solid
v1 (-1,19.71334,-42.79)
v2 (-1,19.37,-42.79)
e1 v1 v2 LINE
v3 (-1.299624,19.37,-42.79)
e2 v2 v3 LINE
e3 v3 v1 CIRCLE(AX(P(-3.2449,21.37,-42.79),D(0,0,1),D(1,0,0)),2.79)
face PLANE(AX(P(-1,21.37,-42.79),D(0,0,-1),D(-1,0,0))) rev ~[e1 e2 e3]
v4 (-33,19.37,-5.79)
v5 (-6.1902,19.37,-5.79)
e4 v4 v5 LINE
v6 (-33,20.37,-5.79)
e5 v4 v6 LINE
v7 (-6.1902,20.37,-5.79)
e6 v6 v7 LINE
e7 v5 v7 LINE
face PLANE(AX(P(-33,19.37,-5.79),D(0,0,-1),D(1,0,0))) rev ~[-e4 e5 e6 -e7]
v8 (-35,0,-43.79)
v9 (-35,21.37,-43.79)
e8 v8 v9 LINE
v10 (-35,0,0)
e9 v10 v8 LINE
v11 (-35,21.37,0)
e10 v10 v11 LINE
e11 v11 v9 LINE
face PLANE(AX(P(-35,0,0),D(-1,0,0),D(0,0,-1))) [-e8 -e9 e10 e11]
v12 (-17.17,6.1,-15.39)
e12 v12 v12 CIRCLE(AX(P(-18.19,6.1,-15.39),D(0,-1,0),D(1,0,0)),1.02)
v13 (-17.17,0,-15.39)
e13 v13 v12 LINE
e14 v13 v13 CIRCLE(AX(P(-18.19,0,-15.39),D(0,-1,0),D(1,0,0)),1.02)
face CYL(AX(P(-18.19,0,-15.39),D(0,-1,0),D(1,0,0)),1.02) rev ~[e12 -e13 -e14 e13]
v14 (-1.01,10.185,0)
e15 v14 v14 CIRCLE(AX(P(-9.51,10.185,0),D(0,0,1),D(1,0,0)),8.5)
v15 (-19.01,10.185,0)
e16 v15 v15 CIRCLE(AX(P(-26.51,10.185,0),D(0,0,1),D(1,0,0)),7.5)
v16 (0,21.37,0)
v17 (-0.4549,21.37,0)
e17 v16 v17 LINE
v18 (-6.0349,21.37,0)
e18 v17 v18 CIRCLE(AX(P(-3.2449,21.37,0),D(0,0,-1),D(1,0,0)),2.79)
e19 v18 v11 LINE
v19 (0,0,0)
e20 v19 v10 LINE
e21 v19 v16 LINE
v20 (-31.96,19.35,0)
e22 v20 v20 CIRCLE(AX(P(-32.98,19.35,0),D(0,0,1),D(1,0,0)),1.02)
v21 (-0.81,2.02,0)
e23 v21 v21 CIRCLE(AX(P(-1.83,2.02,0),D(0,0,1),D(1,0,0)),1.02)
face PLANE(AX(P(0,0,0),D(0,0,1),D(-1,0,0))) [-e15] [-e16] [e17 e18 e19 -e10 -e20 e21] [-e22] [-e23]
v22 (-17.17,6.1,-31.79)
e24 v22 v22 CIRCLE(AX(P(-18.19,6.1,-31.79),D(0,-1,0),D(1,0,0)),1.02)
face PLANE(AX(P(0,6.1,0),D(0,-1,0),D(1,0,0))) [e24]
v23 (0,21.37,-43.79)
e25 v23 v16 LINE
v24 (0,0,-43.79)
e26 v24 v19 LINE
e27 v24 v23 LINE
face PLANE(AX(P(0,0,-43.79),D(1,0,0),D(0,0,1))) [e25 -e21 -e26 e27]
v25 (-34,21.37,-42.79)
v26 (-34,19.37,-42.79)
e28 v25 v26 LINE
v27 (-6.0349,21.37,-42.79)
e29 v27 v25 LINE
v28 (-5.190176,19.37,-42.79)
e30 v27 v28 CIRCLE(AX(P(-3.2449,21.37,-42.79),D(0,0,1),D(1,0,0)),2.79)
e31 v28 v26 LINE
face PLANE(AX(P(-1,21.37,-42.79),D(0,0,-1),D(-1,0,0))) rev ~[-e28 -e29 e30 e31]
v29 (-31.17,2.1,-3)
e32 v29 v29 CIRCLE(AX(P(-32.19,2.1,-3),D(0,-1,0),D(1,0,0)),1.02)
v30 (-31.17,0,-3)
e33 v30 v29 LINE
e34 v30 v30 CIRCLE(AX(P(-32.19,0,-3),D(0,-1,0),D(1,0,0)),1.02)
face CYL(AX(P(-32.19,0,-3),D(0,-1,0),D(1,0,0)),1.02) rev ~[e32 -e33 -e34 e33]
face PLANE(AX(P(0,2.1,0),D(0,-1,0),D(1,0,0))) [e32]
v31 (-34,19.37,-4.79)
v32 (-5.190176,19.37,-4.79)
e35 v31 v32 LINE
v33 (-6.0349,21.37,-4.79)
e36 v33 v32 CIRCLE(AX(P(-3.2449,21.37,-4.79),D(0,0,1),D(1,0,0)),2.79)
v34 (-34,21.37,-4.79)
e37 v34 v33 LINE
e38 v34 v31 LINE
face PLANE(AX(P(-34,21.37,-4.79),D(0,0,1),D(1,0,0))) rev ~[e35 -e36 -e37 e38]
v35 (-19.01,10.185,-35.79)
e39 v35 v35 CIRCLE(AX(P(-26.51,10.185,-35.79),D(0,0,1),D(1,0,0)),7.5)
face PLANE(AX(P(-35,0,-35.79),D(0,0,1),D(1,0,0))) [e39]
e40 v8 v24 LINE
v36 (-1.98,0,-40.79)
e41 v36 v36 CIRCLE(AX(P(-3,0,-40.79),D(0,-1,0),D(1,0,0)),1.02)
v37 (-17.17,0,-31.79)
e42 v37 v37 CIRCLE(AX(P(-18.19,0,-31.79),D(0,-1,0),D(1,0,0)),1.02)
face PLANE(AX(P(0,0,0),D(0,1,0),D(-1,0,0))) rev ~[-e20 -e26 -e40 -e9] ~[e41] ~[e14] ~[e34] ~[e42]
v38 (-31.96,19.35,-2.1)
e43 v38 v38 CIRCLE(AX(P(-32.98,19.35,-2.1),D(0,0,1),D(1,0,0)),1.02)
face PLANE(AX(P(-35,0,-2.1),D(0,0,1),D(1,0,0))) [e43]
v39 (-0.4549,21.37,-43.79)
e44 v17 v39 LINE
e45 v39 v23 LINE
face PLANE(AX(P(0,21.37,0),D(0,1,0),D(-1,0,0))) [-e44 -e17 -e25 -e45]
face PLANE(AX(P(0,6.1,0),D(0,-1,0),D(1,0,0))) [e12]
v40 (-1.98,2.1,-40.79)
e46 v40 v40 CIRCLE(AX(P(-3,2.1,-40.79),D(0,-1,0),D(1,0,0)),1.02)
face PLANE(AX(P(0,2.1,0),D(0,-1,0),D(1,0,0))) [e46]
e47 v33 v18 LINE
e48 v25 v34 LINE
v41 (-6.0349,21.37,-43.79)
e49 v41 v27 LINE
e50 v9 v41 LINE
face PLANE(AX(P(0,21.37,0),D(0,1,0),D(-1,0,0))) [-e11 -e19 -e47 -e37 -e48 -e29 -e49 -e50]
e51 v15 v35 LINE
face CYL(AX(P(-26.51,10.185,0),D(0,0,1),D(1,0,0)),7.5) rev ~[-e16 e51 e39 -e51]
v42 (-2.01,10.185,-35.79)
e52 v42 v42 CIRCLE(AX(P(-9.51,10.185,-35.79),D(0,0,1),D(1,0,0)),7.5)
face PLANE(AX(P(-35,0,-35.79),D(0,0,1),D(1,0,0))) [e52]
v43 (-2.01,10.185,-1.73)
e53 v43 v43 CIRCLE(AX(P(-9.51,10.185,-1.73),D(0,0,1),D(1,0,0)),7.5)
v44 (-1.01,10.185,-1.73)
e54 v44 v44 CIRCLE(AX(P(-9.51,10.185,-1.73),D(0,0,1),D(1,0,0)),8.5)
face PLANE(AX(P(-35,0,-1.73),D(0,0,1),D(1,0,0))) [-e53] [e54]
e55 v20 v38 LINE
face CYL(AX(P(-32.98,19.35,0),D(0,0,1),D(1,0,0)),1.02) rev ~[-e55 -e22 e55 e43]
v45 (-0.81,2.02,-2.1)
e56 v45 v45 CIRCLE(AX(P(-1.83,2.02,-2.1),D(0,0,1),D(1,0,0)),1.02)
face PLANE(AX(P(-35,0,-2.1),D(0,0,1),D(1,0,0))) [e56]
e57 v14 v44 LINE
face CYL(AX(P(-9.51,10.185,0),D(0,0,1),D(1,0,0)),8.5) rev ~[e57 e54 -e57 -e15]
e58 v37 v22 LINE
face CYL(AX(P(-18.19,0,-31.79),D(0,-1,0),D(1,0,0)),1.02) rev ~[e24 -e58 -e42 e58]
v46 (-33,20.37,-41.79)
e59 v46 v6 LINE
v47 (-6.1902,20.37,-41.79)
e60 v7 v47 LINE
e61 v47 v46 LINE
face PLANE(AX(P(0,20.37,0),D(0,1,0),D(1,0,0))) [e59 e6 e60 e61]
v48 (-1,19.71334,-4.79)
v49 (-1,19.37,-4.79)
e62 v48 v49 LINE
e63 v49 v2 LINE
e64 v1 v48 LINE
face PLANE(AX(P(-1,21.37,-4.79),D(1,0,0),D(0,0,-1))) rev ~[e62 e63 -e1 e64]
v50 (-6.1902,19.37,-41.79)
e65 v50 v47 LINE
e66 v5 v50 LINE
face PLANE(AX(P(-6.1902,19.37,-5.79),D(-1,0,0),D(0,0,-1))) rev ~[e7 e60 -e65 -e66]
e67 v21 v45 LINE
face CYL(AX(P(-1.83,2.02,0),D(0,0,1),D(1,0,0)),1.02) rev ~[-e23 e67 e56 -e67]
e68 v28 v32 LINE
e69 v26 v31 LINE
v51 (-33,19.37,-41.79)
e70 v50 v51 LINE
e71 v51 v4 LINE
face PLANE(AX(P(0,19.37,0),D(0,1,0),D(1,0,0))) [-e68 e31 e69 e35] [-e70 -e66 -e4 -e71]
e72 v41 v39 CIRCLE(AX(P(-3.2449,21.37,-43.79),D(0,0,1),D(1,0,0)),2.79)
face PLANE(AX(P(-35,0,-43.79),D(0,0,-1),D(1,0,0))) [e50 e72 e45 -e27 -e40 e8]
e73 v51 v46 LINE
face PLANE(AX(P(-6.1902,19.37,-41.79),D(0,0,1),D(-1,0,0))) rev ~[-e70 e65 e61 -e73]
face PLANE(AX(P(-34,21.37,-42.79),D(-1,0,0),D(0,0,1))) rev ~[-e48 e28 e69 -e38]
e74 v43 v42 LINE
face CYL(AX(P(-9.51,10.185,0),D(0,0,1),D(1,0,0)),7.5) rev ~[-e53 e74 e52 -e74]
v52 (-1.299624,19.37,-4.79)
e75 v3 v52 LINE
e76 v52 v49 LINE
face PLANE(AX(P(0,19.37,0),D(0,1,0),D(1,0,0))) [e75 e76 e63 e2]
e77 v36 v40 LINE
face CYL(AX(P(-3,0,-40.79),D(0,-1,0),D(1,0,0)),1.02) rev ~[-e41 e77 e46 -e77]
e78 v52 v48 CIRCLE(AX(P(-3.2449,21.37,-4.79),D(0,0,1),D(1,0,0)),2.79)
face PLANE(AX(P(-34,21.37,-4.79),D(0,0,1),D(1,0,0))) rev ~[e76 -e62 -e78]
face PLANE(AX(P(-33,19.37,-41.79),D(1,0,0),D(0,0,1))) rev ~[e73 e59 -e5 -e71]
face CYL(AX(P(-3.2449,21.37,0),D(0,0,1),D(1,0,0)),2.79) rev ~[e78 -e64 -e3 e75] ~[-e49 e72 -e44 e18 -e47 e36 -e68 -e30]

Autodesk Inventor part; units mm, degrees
ref_plane "YZ Plane" through (0, 0, 0) normal (1, 0, 0) x (0, 1, 0)
ref_plane "XZ Plane" through (0, 0, 0) normal (0, 1, 0) x (-1, 0, 0)
ref_plane "XY Plane" through (0, 0, 0) normal (0, 0, 1) x (1, 0, 0)
sketch "Sketch1" plane through (0, 0, 0) normal (0, 1, 0) x (-1, 0, 0)
  line L0 (0, 0) -> (35, 0)
  line L1 (35, 0) -> (35, -43.79)
  line L2 (35, -43.79) -> (0, -43.79)
  line L3 (0, -43.79) -> (0, 0)
  dimension "d0" = 35
  dimension "d1" = 43.79
extrude "Extrusion1" add sketch "Sketch1" along normal blind 21.37
sketch "Sketch2" plane through (-35, 0, 0) normal (0, 0, 1) x (1, 0, 0)
  circle A0 centre (8.49, 10.185) radius 7.5
  circle A1 centre (25.49, 10.185) radius 7.5
  point P0 (35, 0)
  dimension "d4" = 15
  dimension "d5" = 15
extrude "Extrusion2" cut sketch "Sketch2" against normal blind 35.79
sketch "Sketch3" plane through (-35, 0, 0) normal (0, 0, 1) x (1, 0, 0)
  circle A0 centre (25.49, 10.185) radius 7.5 projected
  circle A1 centre (25.49, 10.185) radius 8.5
  point P0 (35, 0)
  dimension "d9" = 17
extrude "Extrusion3" cut sketch "Sketch3" against normal blind 1.73
sketch "Sketch4" plane through (-35, 0, 0) normal (0, 0, 1) x (1, 0, 0)
  circle A0 centre (2.02, 19.35) radius 1.02
  circle A1 centre (33.17, 2.02) radius 1.02
  point P0 (35, 0)
  dimension "d12" = 2.04
  dimension "d13" = 2.04
extrude "Extrusion4" cut sketch "Sketch4" against normal blind 2.1
sketch "Sketch5" plane through (0, 0, 0) normal (0, -1, 0) x (1, 0, 0)
  circle A0 centre (-32.19, -3) radius 1.02
  circle A1 centre (-3, -40.79) radius 1.02
  point P0 (0, 0)
  dimension "d17" = 2.04
  dimension "d23" = 2.04
extrude "Extrusion5" cut sketch "Sketch5" against normal blind 2.1
sketch "Sketch6" plane through (0, 0, 0) normal (0, -1, 0) x (1, 0, 0)
  circle A0 centre (-18.19, -15.39) radius 1.02
  circle A1 centre (-18.19, -31.79) radius 1.02
  point P0 (0, 0)
  dimension "d20" = 2.04
  dimension "d21" = 2.04
extrude "Extrusion6" cut sketch "Sketch6" against normal blind 6.1
sketch "Sketch10" plane through (0, 21.37, 0) normal (0, 1, 0) x (1, 0, 0)
  line L0 (-35, 43.79) -> (-35, 0) projected
  line L1 (0, 0) -> (0, 43.79) projected
  line L2 (-35, 43.79) -> (0, 43.79)
  line L3 (0, 43.79) -> (0, 3.79)
  line L4 (0, 3.79) -> (-35, 3.79)
  line L5 (-35, 3.79) -> (-35, 43.79)
  line L6 (-34, 4.79) -> (-1, 4.79)
  line L7 (-1, 4.79) -> (-1, 42.79)
  line L8 (-1, 42.79) -> (-34, 42.79)
  line L9 (-34, 42.79) -> (-34, 4.79)
  dimension "d30" = 40
  dimension "d31" = 1
extrude "Extrusion8" cut sketch "Sketch10" against normal blind 2 contours L9 L8 L7 L6
sketch "Sketch11" plane through (-35, 0, 0) normal (0, 0, 1) x (1, 0, 0)
  line L0 (35, 21.37) -> (0, 21.37) projected
  circle A0 centre (31.7551, 21.37) radius 2.79
  point P0 (35, 0)
  dimension "d34" = 5.58
extrude "Extrusion9" cut sketch "Sketch11" against normal through all
sketch "Sketch12" plane through (0, 19.37, 0) normal (0, 1, 0) x (1, 0, 0)
  line L0 (-34, 4.79) -> (-34, 42.79) projected
  line L1 (-5.1902, 4.79) -> (-5.1902, 42.79) projected
  line L2 (-34, 42.79) -> (-5.1902, 42.79)
  line L3 (-5.1902, 42.79) -> (-5.1902, 4.79)
  line L4 (-5.1902, 4.79) -> (-34, 4.79)
  line L5 (-34, 4.79) -> (-34, 42.79)
  line L6 (-33, 5.79) -> (-6.1902, 5.79)
  line L7 (-6.1902, 5.79) -> (-6.1902, 41.79)
  line L8 (-6.1902, 41.79) -> (-33, 41.79)
  line L9 (-33, 41.79) -> (-33, 5.79)
  point P0 (0, 0)
  dimension "d37" = 1
extrude "Extrusion10" add sketch "Sketch12" along normal blind 1 contours L9 L8 L7 L6
properties part number "Small LRF Real"
